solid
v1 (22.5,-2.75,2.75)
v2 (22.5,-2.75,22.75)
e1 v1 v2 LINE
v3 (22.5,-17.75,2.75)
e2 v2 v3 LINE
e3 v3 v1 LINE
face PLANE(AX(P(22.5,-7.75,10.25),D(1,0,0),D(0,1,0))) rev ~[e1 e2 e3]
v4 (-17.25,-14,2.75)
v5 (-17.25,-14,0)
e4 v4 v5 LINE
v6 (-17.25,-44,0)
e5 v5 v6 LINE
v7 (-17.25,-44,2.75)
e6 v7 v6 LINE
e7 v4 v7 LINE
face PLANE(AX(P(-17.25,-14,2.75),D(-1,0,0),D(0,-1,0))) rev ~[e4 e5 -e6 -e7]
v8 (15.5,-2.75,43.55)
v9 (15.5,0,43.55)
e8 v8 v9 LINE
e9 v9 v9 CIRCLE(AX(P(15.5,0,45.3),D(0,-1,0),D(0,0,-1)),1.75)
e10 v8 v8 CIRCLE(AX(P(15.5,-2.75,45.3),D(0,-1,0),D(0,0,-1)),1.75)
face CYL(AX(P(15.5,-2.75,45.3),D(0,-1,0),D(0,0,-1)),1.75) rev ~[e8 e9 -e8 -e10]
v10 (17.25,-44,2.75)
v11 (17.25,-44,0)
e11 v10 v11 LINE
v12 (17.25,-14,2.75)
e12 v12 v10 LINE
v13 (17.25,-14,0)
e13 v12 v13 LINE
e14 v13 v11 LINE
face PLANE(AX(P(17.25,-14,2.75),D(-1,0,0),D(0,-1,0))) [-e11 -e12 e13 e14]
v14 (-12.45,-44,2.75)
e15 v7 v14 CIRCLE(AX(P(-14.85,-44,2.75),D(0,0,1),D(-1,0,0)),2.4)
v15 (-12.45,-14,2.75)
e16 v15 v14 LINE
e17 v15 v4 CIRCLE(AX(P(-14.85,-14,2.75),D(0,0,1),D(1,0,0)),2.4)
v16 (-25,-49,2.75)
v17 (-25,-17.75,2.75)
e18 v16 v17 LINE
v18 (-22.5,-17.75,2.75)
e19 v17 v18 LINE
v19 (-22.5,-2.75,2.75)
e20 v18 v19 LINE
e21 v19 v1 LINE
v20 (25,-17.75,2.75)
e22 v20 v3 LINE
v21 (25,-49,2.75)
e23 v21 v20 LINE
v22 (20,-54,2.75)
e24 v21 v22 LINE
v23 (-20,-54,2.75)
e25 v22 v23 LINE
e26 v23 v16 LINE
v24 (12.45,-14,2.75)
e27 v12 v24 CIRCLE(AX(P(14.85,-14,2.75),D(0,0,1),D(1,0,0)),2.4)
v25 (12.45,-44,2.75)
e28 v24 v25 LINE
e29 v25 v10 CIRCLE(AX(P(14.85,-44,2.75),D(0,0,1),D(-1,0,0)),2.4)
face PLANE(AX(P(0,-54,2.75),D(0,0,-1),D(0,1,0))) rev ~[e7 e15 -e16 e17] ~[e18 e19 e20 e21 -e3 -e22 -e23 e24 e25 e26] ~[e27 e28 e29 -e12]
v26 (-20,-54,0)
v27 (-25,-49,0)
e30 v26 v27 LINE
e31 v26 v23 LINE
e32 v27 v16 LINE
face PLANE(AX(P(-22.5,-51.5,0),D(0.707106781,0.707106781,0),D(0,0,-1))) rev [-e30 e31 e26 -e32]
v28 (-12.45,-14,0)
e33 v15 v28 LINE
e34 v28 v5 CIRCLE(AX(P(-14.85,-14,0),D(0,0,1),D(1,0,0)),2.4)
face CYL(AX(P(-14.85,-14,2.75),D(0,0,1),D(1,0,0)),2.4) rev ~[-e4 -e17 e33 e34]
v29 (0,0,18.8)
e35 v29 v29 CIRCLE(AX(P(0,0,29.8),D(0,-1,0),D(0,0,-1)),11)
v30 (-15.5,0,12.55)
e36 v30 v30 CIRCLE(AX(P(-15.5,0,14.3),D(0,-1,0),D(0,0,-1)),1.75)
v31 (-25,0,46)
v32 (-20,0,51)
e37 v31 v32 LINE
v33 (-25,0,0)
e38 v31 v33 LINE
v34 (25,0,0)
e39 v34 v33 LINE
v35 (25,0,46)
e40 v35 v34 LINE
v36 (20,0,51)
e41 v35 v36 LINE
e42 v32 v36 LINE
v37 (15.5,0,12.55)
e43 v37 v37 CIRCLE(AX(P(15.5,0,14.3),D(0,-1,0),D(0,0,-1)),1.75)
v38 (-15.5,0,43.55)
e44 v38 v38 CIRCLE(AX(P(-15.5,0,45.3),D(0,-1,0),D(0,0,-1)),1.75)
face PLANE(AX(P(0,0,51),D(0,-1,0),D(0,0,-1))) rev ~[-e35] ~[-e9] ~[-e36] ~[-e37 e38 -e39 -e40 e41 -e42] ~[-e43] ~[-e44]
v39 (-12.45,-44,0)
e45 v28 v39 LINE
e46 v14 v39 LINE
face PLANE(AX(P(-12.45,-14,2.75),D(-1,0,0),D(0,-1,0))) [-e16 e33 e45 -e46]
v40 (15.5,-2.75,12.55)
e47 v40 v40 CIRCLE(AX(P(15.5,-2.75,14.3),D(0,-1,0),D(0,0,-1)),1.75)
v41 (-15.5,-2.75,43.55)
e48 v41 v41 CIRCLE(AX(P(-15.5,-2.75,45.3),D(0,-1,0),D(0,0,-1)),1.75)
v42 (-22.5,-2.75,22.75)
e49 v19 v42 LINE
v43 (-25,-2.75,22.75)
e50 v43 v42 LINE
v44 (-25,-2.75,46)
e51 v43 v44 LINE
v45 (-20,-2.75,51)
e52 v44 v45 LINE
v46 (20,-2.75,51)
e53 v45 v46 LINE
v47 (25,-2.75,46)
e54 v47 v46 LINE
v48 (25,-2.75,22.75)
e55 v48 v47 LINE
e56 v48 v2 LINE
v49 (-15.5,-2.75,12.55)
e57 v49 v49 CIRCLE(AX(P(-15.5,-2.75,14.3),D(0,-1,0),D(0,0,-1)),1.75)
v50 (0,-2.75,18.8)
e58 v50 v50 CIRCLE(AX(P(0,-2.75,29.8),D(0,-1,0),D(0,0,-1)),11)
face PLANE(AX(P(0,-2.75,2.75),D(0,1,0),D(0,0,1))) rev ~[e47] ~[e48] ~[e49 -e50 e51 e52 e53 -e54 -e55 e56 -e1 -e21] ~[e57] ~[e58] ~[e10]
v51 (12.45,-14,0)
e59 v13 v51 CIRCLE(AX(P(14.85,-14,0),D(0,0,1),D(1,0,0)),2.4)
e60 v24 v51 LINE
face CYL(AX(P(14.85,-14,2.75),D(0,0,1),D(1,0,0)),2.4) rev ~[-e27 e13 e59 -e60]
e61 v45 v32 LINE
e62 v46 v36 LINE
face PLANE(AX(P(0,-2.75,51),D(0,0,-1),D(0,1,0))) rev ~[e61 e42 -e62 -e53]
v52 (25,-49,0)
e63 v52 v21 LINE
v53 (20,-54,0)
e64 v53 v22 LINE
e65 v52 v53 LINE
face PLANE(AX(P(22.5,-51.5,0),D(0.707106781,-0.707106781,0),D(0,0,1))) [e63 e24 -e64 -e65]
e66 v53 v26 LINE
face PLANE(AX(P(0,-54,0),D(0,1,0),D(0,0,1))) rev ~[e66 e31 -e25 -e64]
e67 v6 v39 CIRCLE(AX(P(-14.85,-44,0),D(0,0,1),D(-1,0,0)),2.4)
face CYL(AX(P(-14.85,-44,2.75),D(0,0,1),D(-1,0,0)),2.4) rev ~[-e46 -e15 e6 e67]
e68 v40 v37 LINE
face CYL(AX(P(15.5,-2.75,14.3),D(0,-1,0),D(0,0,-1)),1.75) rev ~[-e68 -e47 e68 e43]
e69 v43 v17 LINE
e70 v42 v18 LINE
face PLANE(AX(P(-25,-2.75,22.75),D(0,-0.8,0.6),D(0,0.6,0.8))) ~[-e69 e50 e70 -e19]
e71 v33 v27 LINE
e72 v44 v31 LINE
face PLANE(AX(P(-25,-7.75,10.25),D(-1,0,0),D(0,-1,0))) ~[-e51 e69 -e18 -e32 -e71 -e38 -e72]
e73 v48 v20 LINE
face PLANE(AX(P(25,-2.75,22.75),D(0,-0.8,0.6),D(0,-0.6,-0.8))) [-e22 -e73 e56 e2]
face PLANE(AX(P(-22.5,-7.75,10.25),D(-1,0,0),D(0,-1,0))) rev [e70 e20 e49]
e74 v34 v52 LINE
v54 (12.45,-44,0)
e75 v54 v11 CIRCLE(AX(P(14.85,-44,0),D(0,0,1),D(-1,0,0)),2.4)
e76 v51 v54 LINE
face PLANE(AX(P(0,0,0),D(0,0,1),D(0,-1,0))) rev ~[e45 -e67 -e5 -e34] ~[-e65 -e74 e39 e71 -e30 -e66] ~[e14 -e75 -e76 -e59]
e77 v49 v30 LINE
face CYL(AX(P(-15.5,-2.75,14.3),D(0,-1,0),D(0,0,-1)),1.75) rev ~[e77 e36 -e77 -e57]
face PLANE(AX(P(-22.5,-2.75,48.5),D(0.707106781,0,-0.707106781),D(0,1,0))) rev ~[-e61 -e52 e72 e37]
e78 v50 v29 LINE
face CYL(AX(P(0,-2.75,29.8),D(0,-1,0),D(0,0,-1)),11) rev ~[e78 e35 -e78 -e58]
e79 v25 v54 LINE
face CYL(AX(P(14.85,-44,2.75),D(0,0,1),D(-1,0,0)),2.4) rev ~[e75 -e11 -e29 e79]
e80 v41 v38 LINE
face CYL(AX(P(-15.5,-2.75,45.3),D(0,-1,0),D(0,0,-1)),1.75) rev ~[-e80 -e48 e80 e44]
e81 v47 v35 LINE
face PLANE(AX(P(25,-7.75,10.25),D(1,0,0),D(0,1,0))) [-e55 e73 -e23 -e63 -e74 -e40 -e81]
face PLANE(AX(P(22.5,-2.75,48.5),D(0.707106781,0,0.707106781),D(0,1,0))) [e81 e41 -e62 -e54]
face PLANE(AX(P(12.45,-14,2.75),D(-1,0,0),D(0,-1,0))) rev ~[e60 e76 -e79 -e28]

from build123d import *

# Parameters (mm, degrees)
PAD_DEPTH       = 25
CHAMFER_SIZE    = 5
PAD001_DEPTH    = 2.5
SKETCH002_R     = 11
POCKET_DEPTH    = 5
SKETCH003_R     = 1.75
HOLE_DEPTH      = 25
POCKET001_DEPTH = 5


with BuildPart() as part:
    # Sketch → Pad (new body, symmetric)
    with BuildSketch(Plane.YZ):
        Polygon((0, 51), (0, 0), (-54, 0), (-54, 2.75), (-2.75, 2.75), (-2.75, 51), align=None)
    extrude(amount=PAD_DEPTH, both=True)

    # Chamfer
    chamfer_edges = [part.edges().sort_by_distance(p)[0] for p in [
        (25, -1.375, 51),
        (-25, -1.375, 51),
        (25, -54, 1.375),
        (-25, -54, 1.375),
    ]]
    chamfer(chamfer_edges, length=CHAMFER_SIZE)

    # Sketch001 (on Face6 of Chamfer) → Pad001 (join)
    with BuildSketch(Plane.YZ.offset(25)):
        Polygon((-2.75, 2.75), (-2.75, 22.75), (-17.75, 2.75), align=None)
    pad001 = extrude(amount=-PAD001_DEPTH)

    # Mirrored: Pad001 across YZ
    add(pad001.mirror(Plane.YZ))

    # Sketch002 (on Face7 of Mirrored) → Pocket (cut)
    with BuildSketch(Plane(origin=(0, -2.75, 0), x_dir=(0, 0, -1), z_dir=(0, -1, 0))):
        with Locations((-29.8, 0)):
            Circle(SKETCH002_R)
    extrude(amount=-POCKET_DEPTH, mode=Mode.SUBTRACT)

    # Sketch003 (on Face9 of Pocket) → Hole (cut)
    with BuildSketch(Plane(origin=(0, -2.75, 0), x_dir=(0, 0, -1), z_dir=(0, -1, 0))):
        with Locations((-45.3, 15.5)):
            Circle(SKETCH003_R)
        with Locations((-14.3, 15.5)):
            Circle(SKETCH003_R)
        with Locations((-14.3, -15.5)):
            Circle(SKETCH003_R)
        with Locations((-45.3, -15.5)):
            Circle(SKETCH003_R)
    extrude(amount=-HOLE_DEPTH, mode=Mode.SUBTRACT)

    # Sketch004 (on Face15 of Hole) → Pocket001 (cut)
    with BuildSketch(Plane(origin=(0, 0, 2.75), x_dir=(0, -1, 0), z_dir=(0, 0, 1))):
        with BuildLine():
            ThreePointArc((14, 17.25), (11.6, 14.85), (14, 12.45))
            Line((14, 12.45), (44, 12.45))
            ThreePointArc((44, 12.45), (46.4, 14.85), (44, 17.25))
            Line((14, 17.25), (44, 17.25))
        make_face()
        with BuildLine():
            ThreePointArc((14, -12.45), (11.6, -14.85), (14, -17.25))
            Line((14, -17.25), (44, -17.25))
            ThreePointArc((44, -17.25), (46.4, -14.85), (44, -12.45))
            Line((14, -12.45), (44, -12.45))
        make_face()
    extrude(amount=-POCKET001_DEPTH, mode=Mode.SUBTRACT)


solid = part.part
